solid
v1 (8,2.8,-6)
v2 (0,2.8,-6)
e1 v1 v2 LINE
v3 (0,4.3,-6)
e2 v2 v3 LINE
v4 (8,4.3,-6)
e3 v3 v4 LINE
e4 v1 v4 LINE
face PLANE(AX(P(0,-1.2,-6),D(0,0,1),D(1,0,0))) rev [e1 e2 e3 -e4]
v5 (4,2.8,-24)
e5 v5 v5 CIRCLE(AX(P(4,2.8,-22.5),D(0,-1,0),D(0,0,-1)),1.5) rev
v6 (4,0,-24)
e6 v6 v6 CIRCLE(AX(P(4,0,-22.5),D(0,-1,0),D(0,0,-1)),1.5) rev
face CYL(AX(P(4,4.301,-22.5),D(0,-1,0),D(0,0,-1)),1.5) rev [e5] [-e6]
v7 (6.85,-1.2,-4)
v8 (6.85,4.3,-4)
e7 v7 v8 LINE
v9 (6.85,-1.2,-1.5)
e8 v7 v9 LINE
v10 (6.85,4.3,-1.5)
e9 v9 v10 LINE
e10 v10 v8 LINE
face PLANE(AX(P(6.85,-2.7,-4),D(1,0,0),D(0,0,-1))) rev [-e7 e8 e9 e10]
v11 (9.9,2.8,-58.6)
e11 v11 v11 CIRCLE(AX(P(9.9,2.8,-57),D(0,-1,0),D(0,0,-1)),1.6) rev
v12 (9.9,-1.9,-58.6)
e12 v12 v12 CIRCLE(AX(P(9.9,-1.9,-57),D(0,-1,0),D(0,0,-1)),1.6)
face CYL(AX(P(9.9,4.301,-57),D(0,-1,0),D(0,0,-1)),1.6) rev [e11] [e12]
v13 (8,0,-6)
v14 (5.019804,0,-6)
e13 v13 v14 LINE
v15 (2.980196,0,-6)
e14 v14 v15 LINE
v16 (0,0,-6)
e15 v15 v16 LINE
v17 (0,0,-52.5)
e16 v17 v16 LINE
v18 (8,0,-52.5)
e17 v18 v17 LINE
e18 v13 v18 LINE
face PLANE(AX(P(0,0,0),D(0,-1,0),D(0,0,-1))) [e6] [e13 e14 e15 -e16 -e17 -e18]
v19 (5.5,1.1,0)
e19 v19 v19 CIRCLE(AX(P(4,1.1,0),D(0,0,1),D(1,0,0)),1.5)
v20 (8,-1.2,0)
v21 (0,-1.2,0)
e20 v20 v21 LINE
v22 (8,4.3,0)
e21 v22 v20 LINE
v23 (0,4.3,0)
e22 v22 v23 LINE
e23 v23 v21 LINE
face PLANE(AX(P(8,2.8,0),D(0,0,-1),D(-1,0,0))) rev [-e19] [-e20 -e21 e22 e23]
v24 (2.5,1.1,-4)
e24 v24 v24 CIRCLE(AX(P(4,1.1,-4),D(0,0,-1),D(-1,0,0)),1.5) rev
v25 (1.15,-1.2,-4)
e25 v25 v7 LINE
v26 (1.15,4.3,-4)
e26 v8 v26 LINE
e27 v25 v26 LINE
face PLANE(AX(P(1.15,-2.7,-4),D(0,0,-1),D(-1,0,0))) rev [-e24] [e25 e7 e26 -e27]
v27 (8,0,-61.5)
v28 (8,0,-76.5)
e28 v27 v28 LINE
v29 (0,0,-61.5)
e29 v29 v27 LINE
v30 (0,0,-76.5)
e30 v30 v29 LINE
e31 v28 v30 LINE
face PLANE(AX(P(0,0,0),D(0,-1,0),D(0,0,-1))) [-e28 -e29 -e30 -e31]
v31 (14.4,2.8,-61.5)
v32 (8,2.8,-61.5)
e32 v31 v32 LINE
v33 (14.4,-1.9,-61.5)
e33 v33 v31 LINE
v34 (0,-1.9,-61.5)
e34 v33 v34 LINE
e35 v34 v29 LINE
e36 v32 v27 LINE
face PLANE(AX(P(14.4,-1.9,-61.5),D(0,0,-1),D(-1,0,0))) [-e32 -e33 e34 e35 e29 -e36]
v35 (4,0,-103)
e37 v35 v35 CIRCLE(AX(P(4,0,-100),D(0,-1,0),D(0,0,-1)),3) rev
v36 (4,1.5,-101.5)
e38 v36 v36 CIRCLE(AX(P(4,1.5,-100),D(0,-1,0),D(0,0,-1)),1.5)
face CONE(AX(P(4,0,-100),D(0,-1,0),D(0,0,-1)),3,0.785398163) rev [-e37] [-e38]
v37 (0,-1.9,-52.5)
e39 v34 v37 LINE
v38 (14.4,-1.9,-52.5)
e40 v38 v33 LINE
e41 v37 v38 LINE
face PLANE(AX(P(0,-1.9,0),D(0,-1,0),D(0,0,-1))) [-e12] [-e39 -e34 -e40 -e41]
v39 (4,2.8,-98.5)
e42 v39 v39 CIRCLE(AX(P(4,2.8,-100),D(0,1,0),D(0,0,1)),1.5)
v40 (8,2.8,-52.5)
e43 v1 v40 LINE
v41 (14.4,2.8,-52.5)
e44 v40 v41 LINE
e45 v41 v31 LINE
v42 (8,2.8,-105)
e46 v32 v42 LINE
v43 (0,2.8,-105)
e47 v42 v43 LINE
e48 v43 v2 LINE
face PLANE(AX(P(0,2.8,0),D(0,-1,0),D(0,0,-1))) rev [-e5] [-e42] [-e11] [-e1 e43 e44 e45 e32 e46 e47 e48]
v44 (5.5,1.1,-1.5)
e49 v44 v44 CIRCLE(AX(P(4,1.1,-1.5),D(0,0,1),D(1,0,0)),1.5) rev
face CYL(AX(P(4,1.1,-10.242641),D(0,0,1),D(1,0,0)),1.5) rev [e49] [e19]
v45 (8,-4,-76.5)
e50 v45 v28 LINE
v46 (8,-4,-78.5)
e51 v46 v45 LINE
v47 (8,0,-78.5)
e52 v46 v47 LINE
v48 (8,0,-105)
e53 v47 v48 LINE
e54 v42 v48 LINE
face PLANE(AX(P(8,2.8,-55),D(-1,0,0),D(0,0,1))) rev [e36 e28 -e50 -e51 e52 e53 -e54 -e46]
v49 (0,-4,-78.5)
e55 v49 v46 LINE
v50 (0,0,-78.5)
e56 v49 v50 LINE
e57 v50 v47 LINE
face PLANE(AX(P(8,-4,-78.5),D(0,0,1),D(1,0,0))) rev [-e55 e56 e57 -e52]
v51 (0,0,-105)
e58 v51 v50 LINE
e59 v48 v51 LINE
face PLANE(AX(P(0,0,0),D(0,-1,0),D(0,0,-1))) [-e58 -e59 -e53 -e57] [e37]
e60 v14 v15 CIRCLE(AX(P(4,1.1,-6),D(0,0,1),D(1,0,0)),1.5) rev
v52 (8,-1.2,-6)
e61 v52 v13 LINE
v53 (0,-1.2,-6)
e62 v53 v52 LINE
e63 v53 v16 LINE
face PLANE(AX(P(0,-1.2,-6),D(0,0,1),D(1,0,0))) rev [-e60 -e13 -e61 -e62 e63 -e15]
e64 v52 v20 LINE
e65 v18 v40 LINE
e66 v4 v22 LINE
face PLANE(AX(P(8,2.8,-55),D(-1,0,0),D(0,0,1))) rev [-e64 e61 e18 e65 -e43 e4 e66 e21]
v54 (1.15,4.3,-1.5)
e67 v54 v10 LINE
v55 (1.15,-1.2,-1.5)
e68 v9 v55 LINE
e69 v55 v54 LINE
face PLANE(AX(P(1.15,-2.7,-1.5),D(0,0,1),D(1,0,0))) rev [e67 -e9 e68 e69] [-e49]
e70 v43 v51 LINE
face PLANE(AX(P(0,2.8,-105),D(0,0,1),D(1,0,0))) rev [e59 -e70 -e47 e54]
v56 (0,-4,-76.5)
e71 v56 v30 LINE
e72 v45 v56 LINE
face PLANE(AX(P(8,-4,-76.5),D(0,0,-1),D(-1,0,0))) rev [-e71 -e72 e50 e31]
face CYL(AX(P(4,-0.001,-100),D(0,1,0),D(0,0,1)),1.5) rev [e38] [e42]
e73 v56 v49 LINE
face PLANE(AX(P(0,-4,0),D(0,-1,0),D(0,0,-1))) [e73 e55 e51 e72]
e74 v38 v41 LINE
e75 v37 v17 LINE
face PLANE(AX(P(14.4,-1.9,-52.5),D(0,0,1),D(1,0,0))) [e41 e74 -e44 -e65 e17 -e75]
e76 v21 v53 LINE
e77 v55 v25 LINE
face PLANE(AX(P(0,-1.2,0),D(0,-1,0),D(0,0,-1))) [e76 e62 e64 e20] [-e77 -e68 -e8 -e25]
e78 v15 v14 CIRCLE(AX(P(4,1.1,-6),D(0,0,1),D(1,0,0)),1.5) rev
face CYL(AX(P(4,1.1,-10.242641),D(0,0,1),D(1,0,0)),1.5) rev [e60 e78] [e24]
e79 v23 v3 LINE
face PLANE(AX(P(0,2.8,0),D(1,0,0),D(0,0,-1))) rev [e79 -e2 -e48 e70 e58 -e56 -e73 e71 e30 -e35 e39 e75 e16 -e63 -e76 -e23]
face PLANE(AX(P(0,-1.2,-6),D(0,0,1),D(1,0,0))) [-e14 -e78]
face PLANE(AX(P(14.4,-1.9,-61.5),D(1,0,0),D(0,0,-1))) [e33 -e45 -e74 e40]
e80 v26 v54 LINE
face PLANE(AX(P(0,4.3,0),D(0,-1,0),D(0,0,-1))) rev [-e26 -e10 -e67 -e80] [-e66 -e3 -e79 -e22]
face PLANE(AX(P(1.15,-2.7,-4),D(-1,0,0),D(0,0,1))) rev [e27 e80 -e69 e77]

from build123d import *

# Parameters (mm, degrees)
BOSS_EXTRUDE1_DEPTH      = 2.8
CUT_EXTRUDE1_REACH       = 4.8
SKETCH3_R                = 1.5
CHAMFER1_SIZE            = 1.5
SKETCH6_W                = 8
SKETCH6_H                = 6
BOSS_EXTRUDE3_DEPTH      = 1.2
BOSS_EXTRUDE3_DEPTH_BACK = 4.3
SKETCH7_R                = 1.5
CUT_EXTRUDE3_DEPTH       = 6
SKETCH8_W                = 5.7
SKETCH8_H                = 2.5
CUT_EXTRUDE4_DEPTH       = 7
SKETCH9_W                = 14.4
SKETCH9_H                = 9
BOSS_EXTRUDE4_DEPTH      = 4.7
CUT_EXTRUDE5_REACH       = 8.2
SKETCH10_R               = 1.6
SKETCH10_R_2             = 1.5
SKETCH11_W               = 8
SKETCH11_H               = 2
BOSS_EXTRUDE5_DEPTH      = 4


with BuildPart() as part:
    # Sketch2 → Boss-Extrude1 (new body)
    with BuildSketch(Plane(origin=(0, 0, 0), x_dir=(1, 0, 0), z_dir=(0, 1, 0))):
        Polygon((0, 0), (0, 37.522747897), (0, 55), (0, 105), (4, 105), (8, 105), (8, 55), (8, 37.522747897), (8, 0), align=None)
    extrude(amount=BOSS_EXTRUDE1_DEPTH)

    # Sketch3 → Cut-Extrude1 (cut, up to next)
    with BuildSketch(Plane(origin=(0, 2.8, 0), x_dir=(1, 0, 0), z_dir=(0, 1, 0)), mode=Mode.PRIVATE) as cut_extrude1_sk1:
        with Locations(Location((4, 100, 0), (0, 0, 270))):  # turned: the seam where the file's is
            Circle(SKETCH3_R)
    cut_extrude1_tool1 = extrude(cut_extrude1_sk1.sketch, amount=-CUT_EXTRUDE1_REACH, mode=Mode.PRIVATE) & part.part
    add(cut_extrude1_tool1.solids().sort_by_distance((4, 2.8, -100))[0], mode=Mode.SUBTRACT)

    # Chamfer1
    chamfer1_edges = [part.edges().sort_by_distance(p)[0] for p in [
        (4, 0, -101.5),
    ]]
    chamfer(chamfer1_edges, length=CHAMFER1_SIZE)

    # Sketch6 → Boss-Extrude3 (add, two sides)
    with BuildSketch(Plane(origin=(0, 0, 0), x_dir=(-1, 0, 0), z_dir=(0, -1, 0))) as boss_extrude3_sk:
        with Locations((-4, 3)):
            Rectangle(SKETCH6_W, SKETCH6_H)
    extrude(amount=BOSS_EXTRUDE3_DEPTH)
    extrude(boss_extrude3_sk.sketch, amount=-BOSS_EXTRUDE3_DEPTH_BACK)

    # Sketch7 → Cut-Extrude3 (cut)
    with BuildSketch(Plane.XY):
        with Locations((4, 1.1)):
            Circle(SKETCH7_R)
    extrude(amount=-CUT_EXTRUDE3_DEPTH, mode=Mode.SUBTRACT)

    # Sketch8 → Cut-Extrude4 (cut)
    with BuildSketch(Plane(origin=(0, 4.3, 0), x_dir=(1, 0, 0), z_dir=(0, 1, 0))):
        with Locations((4, 2.75)):
            Rectangle(SKETCH8_W, SKETCH8_H)
    extrude(amount=-CUT_EXTRUDE4_DEPTH, mode=Mode.SUBTRACT)

    # Sketch9 → Boss-Extrude4 (add)
    with BuildSketch(Plane(origin=(0, 2.8, 0), x_dir=(1, 0, 0), z_dir=(0, 1, 0))):
        with Locations((7.2, 57)):
            Rectangle(SKETCH9_W, SKETCH9_H)
    extrude(amount=-BOSS_EXTRUDE4_DEPTH)

    # Sketch10 → Cut-Extrude5 (cut, up to next)
    with BuildSketch(Plane.XZ.offset(1.9), mode=Mode.PRIVATE) as cut_extrude5_sk1:
        with Locations(Location((9.9, -57, 0), (0, 0, 270))):  # turned: the seam where the file's is
            Circle(SKETCH10_R)
    cut_extrude5_tool1 = extrude(cut_extrude5_sk1.sketch, amount=-CUT_EXTRUDE5_REACH, mode=Mode.PRIVATE) & part.part
    add(cut_extrude5_tool1.solids().sort_by_distance((9.9, -1.9, -57))[0], mode=Mode.SUBTRACT)
    # Sketch10 → Cut-Extrude5 (cut, up to next)
    with BuildSketch(Plane.XZ.offset(1.9), mode=Mode.PRIVATE) as cut_extrude5_sk2:
        with Locations(Location((4, -22.5, 0), (0, 0, 270))):  # turned: the seam where the file's is
            Circle(SKETCH10_R_2)
    cut_extrude5_tool2 = extrude(cut_extrude5_sk2.sketch, amount=-CUT_EXTRUDE5_REACH, mode=Mode.PRIVATE) & part.part
    add(cut_extrude5_tool2.solids().sort_by_distance((4, -1.9, -22.5))[0], mode=Mode.SUBTRACT)

    # Sketch11 → Boss-Extrude5 (add)
    with BuildSketch(Plane.XZ):
        with Locations((4, -77.5)):
            Rectangle(SKETCH11_W, SKETCH11_H)
    extrude(amount=BOSS_EXTRUDE5_DEPTH)


solid = part.part
